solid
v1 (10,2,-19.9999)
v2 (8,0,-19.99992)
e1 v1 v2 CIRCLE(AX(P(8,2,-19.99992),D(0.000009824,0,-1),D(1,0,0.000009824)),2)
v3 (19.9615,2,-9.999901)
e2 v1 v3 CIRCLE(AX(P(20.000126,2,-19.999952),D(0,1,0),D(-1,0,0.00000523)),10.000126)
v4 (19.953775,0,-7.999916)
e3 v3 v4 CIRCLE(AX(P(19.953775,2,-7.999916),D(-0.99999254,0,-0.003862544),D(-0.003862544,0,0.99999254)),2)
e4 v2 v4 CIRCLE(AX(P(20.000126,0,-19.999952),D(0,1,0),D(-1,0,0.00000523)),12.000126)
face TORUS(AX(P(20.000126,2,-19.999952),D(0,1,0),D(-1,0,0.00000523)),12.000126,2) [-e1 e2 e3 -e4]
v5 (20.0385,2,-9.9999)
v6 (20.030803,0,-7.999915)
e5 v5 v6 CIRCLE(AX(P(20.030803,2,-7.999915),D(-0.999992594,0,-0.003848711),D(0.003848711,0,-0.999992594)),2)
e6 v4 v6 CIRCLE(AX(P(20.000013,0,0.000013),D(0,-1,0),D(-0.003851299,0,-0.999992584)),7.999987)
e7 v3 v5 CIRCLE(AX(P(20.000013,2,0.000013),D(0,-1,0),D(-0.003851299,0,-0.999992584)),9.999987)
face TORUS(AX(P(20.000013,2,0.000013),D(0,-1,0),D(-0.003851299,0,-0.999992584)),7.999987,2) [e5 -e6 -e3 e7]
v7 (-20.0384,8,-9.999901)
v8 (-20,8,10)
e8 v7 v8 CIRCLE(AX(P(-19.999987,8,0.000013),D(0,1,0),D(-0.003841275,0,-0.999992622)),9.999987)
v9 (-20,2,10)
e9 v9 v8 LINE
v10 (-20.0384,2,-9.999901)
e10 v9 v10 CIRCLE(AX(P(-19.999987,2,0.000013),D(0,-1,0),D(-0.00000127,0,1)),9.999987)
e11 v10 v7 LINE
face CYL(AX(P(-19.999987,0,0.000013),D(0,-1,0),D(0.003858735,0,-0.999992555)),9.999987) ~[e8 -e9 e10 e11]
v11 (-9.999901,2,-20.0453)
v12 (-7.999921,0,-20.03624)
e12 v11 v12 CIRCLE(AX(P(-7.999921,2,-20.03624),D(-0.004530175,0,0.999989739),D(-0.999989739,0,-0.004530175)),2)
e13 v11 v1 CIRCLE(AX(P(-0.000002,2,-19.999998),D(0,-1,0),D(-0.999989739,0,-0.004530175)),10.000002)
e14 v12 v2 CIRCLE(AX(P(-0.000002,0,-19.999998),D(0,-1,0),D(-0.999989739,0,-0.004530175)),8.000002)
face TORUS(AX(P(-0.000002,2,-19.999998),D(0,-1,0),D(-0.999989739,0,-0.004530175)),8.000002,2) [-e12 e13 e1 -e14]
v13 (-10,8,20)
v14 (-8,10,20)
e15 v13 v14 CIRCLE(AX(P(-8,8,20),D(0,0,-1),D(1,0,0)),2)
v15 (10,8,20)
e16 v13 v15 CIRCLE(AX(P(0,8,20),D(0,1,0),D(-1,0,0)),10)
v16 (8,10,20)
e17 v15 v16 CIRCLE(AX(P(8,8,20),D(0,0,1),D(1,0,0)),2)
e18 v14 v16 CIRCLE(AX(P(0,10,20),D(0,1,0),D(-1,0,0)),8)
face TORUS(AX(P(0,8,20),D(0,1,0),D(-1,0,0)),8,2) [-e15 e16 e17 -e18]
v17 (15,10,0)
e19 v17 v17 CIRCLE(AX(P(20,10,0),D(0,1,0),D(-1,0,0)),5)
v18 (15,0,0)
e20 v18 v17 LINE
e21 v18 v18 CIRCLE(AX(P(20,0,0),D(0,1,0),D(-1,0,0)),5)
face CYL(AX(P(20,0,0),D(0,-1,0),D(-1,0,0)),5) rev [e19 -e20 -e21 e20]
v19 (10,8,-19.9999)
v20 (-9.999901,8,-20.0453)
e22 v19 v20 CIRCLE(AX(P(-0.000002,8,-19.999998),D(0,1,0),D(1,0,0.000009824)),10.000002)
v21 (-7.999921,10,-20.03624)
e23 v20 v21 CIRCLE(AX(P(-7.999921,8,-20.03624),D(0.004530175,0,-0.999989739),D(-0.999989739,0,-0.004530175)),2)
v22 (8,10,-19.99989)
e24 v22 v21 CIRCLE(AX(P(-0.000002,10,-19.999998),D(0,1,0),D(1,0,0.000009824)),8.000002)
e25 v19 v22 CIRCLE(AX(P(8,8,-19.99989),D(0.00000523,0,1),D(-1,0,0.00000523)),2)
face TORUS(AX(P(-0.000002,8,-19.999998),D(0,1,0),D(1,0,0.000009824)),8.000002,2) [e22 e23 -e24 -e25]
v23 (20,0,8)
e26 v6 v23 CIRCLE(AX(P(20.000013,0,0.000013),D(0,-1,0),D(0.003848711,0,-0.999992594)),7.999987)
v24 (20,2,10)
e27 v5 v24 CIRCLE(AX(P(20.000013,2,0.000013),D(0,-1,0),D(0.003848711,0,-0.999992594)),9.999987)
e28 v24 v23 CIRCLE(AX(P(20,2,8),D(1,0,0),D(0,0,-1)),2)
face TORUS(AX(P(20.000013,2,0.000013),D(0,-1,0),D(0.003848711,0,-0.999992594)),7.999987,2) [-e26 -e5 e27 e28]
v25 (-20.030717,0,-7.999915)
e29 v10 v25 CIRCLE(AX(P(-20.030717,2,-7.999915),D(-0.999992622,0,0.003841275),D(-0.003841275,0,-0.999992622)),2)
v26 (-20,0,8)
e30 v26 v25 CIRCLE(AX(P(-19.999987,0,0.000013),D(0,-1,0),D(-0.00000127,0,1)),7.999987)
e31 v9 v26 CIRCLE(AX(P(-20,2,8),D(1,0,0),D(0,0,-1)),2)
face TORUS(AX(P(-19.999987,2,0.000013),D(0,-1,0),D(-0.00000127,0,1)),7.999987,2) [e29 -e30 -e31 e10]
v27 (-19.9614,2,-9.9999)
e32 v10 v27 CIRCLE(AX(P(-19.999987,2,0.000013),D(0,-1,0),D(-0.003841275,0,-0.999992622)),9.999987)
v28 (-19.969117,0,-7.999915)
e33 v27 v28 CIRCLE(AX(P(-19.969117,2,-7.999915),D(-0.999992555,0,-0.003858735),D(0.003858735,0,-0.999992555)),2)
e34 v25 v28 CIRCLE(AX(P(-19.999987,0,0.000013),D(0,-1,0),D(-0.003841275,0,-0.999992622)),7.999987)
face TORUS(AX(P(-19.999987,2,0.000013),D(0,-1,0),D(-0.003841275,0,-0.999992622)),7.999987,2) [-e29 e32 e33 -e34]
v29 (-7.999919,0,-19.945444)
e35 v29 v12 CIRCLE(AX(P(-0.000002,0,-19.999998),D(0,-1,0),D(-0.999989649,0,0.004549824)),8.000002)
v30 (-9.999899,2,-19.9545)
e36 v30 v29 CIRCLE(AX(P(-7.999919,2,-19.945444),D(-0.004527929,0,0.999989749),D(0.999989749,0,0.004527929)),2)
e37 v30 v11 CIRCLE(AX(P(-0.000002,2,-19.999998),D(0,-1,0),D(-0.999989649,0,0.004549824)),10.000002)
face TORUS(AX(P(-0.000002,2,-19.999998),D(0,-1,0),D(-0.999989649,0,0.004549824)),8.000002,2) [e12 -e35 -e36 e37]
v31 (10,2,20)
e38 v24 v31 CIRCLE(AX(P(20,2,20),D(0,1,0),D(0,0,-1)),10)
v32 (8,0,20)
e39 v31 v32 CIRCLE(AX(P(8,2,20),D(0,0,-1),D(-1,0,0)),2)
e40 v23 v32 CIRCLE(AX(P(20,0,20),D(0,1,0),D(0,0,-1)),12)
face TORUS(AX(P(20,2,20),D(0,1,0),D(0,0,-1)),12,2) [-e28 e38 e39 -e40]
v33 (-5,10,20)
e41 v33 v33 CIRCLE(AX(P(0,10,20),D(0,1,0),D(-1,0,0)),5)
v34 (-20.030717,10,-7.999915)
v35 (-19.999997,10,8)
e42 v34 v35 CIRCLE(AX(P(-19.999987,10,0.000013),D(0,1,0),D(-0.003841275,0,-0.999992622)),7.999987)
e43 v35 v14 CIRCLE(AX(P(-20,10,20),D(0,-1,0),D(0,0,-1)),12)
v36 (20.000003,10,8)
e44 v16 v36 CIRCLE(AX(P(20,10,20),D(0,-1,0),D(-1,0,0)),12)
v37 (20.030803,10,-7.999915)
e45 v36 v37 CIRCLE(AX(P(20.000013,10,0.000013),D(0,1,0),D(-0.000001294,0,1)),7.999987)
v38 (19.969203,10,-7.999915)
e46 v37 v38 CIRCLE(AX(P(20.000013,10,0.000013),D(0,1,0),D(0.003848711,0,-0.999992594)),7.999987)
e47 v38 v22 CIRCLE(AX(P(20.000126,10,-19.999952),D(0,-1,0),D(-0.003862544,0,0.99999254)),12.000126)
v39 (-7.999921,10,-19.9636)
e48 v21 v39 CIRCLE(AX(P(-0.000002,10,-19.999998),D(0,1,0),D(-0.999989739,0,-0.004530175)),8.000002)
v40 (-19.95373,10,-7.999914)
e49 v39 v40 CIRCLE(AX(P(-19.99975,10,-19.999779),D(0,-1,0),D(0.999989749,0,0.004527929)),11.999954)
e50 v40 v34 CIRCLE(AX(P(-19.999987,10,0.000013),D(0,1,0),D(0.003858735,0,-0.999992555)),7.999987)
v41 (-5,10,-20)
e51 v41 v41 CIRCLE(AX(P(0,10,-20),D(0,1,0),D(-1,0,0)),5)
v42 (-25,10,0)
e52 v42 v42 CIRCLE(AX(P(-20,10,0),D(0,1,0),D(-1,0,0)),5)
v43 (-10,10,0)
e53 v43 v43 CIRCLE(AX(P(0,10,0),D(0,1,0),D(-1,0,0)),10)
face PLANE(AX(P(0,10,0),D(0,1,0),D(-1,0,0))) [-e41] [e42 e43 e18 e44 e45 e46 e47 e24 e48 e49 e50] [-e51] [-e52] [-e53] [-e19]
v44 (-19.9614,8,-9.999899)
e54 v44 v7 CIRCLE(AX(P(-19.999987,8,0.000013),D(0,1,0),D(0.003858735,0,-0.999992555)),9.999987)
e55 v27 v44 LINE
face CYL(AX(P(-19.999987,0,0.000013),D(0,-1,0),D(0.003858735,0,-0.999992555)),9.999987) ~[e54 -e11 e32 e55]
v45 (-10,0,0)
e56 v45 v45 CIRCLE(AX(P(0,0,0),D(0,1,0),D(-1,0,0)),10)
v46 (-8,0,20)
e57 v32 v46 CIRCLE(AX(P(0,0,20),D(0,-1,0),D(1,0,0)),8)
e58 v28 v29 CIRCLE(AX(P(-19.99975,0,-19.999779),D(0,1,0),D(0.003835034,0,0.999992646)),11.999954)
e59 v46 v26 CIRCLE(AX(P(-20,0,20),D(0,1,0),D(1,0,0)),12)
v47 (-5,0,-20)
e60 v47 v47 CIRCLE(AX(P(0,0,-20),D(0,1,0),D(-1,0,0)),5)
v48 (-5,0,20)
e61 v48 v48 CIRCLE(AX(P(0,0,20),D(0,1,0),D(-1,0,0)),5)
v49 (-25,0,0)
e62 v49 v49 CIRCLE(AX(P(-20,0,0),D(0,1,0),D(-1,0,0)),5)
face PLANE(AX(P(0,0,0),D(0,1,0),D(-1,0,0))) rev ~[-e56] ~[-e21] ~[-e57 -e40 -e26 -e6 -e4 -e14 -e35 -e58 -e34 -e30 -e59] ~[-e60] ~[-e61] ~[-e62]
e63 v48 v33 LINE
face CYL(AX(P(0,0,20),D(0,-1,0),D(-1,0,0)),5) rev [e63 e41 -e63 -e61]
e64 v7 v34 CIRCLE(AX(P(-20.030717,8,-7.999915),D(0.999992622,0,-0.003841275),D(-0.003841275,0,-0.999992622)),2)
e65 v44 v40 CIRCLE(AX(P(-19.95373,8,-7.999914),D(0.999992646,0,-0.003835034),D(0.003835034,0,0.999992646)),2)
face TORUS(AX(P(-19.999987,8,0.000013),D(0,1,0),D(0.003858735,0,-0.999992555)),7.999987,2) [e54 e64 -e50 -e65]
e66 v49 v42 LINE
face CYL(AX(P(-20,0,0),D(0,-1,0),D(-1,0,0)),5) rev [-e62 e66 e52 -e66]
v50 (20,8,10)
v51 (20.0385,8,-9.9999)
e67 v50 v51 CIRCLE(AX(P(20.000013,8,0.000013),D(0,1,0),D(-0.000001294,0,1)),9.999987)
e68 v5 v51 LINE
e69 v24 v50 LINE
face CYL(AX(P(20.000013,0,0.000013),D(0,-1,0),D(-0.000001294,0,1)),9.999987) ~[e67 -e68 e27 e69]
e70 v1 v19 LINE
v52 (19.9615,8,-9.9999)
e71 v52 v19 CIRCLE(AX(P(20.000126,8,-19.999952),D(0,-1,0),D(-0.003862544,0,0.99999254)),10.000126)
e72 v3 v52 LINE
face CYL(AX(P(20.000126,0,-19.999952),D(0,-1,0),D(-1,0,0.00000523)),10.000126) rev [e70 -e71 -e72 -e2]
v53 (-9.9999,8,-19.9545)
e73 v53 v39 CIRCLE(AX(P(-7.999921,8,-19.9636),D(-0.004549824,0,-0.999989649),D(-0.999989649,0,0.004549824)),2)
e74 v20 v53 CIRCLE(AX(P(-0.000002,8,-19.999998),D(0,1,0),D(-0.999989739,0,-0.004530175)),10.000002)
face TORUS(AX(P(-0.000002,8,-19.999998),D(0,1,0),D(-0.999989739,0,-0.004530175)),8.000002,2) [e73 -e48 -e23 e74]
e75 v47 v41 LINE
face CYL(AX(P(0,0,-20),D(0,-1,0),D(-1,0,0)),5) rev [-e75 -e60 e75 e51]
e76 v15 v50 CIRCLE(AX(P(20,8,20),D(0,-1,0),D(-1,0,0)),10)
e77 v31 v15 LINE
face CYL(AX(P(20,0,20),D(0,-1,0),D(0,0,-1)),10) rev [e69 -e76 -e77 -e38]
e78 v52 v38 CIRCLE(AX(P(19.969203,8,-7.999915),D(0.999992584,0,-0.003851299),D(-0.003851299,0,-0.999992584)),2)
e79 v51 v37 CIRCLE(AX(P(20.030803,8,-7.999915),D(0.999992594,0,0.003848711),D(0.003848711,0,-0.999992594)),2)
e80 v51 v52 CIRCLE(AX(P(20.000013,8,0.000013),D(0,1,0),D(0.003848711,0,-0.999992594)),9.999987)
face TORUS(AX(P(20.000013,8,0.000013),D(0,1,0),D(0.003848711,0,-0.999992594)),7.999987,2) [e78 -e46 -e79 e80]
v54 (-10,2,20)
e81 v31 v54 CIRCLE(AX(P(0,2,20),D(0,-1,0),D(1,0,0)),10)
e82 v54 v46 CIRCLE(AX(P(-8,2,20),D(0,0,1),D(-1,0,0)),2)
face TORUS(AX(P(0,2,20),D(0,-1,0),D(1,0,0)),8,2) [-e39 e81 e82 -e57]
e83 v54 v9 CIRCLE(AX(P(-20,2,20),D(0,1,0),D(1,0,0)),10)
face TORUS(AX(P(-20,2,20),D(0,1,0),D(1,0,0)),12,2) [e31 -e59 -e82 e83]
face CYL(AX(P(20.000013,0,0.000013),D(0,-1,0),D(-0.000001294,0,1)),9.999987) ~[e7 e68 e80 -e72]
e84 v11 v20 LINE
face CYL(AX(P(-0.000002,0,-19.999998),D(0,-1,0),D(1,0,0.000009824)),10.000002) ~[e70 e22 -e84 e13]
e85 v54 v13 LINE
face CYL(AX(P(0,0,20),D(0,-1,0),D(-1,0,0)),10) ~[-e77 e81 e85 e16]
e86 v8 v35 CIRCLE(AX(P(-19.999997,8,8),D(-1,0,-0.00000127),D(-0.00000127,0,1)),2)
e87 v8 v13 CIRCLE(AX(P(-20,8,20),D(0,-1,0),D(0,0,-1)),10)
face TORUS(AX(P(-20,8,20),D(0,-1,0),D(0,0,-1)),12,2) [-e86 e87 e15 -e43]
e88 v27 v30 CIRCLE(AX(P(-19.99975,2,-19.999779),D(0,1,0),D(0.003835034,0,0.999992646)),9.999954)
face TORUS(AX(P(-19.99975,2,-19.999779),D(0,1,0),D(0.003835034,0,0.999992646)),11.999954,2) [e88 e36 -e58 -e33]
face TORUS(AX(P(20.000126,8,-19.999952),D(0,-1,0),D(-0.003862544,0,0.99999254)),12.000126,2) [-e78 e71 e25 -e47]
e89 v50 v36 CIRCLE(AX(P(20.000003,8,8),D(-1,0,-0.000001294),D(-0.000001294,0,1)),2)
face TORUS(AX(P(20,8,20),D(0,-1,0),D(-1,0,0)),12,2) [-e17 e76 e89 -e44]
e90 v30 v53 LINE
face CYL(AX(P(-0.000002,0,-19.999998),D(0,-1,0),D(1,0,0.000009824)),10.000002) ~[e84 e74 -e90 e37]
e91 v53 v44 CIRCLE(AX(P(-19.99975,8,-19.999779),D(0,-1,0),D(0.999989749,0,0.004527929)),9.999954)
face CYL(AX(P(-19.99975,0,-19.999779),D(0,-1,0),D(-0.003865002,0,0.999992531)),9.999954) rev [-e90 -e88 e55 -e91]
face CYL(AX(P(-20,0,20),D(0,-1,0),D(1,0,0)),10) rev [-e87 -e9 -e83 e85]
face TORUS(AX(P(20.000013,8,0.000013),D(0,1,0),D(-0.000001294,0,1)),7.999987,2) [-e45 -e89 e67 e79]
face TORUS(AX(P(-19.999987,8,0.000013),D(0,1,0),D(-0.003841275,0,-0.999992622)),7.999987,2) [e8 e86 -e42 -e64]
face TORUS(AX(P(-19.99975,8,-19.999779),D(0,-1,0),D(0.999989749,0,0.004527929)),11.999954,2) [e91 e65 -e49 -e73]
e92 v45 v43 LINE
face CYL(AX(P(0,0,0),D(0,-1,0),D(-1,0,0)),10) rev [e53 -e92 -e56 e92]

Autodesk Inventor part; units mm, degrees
ref_plane "YZ Plane" through (0, 0, 0) normal (1, 0, 0) x (0, 1, 0)
ref_plane "XZ Plane" through (0, 0, 0) normal (0, 1, 0) x (-1, 0, 0)
ref_plane "XY Plane" through (0, 0, 0) normal (0, 0, 1) x (1, 0, 0)
sketch "草圖1" plane through (0, 0, 0) normal (0, 1, 0) x (-1, 0, 0)
  point P0 (0, 0)
sketch "草圖2" plane through (0, 0, 0) normal (0, 1, 0) x (-1, 0, 0)
  circle A0 centre (0, 0) radius 10
  arc A1 (-10, -19.9999) -> (9.9999, -19.9545) centre (0, -20) ccw
  arc A2 (10, 20) -> (-10, 20) centre (0, 20) ccw
  arc A3 (-20, 10) -> (-19.9615, -9.9999) centre (-20, 0) ccw
  arc A4 (19.9614, -9.9999) -> (20, 10) centre (20, 0) ccw
  arc A5 (10, 20) -> (20, 10) centre (20, 20) ccw
  arc A6 (20.0384, -9.9999) -> (9.9999, -20.0453) centre (19.9998, -19.9999) ccw
  arc A7 (-10, -19.9999) -> (-20.0385, -9.9999) centre (-20, -19.9999) ccw
  arc A8 (-20, 10) -> (-10, 20) centre (-20, 20) ccw
  circle A9 centre (20, 0) radius 5
  circle A10 centre (0, -20) radius 5
  circle A11 centre (-20, 0) radius 5
  circle A12 centre (0, 20) radius 5
  dimension "d0" = 20
  dimension "d1" = 20
  dimension "d2" = 20
  dimension "d4" = 20
  dimension "d7" = 20
  dimension "d8" = 20
  dimension "d9" = 20
  dimension "d10" = 20
  dimension "d11" = 20
  dimension "d12" = 10
  dimension "d13" = 10
  dimension "d14" = 10
  dimension "d15" = 10
extrude "擠出1" add sketch "草圖2" along normal blind 10
fillet "圓角1" radius 2 16 edges at (30, 10, 0.0193) (0, 10, 30) (-12.9289, 10, 12.9289) (-30, 10, 0.0192) (12.9289, 10, 12.9289) (12.9289, 0, 12.9289) (0, 0, 30) (-12.9289, 0, 12.9289) (-30, 0, 0.0192) (30, 0, 0.0193) (0.0227, 10, -30) (12.9425, 10, -12.9152) (12.9425, 0, -12.9152) (0.0227, 0, -30) (-12.9263, 10, -12.9312) (-12.9263, 0, -12.9312)
properties part number "孔2"
